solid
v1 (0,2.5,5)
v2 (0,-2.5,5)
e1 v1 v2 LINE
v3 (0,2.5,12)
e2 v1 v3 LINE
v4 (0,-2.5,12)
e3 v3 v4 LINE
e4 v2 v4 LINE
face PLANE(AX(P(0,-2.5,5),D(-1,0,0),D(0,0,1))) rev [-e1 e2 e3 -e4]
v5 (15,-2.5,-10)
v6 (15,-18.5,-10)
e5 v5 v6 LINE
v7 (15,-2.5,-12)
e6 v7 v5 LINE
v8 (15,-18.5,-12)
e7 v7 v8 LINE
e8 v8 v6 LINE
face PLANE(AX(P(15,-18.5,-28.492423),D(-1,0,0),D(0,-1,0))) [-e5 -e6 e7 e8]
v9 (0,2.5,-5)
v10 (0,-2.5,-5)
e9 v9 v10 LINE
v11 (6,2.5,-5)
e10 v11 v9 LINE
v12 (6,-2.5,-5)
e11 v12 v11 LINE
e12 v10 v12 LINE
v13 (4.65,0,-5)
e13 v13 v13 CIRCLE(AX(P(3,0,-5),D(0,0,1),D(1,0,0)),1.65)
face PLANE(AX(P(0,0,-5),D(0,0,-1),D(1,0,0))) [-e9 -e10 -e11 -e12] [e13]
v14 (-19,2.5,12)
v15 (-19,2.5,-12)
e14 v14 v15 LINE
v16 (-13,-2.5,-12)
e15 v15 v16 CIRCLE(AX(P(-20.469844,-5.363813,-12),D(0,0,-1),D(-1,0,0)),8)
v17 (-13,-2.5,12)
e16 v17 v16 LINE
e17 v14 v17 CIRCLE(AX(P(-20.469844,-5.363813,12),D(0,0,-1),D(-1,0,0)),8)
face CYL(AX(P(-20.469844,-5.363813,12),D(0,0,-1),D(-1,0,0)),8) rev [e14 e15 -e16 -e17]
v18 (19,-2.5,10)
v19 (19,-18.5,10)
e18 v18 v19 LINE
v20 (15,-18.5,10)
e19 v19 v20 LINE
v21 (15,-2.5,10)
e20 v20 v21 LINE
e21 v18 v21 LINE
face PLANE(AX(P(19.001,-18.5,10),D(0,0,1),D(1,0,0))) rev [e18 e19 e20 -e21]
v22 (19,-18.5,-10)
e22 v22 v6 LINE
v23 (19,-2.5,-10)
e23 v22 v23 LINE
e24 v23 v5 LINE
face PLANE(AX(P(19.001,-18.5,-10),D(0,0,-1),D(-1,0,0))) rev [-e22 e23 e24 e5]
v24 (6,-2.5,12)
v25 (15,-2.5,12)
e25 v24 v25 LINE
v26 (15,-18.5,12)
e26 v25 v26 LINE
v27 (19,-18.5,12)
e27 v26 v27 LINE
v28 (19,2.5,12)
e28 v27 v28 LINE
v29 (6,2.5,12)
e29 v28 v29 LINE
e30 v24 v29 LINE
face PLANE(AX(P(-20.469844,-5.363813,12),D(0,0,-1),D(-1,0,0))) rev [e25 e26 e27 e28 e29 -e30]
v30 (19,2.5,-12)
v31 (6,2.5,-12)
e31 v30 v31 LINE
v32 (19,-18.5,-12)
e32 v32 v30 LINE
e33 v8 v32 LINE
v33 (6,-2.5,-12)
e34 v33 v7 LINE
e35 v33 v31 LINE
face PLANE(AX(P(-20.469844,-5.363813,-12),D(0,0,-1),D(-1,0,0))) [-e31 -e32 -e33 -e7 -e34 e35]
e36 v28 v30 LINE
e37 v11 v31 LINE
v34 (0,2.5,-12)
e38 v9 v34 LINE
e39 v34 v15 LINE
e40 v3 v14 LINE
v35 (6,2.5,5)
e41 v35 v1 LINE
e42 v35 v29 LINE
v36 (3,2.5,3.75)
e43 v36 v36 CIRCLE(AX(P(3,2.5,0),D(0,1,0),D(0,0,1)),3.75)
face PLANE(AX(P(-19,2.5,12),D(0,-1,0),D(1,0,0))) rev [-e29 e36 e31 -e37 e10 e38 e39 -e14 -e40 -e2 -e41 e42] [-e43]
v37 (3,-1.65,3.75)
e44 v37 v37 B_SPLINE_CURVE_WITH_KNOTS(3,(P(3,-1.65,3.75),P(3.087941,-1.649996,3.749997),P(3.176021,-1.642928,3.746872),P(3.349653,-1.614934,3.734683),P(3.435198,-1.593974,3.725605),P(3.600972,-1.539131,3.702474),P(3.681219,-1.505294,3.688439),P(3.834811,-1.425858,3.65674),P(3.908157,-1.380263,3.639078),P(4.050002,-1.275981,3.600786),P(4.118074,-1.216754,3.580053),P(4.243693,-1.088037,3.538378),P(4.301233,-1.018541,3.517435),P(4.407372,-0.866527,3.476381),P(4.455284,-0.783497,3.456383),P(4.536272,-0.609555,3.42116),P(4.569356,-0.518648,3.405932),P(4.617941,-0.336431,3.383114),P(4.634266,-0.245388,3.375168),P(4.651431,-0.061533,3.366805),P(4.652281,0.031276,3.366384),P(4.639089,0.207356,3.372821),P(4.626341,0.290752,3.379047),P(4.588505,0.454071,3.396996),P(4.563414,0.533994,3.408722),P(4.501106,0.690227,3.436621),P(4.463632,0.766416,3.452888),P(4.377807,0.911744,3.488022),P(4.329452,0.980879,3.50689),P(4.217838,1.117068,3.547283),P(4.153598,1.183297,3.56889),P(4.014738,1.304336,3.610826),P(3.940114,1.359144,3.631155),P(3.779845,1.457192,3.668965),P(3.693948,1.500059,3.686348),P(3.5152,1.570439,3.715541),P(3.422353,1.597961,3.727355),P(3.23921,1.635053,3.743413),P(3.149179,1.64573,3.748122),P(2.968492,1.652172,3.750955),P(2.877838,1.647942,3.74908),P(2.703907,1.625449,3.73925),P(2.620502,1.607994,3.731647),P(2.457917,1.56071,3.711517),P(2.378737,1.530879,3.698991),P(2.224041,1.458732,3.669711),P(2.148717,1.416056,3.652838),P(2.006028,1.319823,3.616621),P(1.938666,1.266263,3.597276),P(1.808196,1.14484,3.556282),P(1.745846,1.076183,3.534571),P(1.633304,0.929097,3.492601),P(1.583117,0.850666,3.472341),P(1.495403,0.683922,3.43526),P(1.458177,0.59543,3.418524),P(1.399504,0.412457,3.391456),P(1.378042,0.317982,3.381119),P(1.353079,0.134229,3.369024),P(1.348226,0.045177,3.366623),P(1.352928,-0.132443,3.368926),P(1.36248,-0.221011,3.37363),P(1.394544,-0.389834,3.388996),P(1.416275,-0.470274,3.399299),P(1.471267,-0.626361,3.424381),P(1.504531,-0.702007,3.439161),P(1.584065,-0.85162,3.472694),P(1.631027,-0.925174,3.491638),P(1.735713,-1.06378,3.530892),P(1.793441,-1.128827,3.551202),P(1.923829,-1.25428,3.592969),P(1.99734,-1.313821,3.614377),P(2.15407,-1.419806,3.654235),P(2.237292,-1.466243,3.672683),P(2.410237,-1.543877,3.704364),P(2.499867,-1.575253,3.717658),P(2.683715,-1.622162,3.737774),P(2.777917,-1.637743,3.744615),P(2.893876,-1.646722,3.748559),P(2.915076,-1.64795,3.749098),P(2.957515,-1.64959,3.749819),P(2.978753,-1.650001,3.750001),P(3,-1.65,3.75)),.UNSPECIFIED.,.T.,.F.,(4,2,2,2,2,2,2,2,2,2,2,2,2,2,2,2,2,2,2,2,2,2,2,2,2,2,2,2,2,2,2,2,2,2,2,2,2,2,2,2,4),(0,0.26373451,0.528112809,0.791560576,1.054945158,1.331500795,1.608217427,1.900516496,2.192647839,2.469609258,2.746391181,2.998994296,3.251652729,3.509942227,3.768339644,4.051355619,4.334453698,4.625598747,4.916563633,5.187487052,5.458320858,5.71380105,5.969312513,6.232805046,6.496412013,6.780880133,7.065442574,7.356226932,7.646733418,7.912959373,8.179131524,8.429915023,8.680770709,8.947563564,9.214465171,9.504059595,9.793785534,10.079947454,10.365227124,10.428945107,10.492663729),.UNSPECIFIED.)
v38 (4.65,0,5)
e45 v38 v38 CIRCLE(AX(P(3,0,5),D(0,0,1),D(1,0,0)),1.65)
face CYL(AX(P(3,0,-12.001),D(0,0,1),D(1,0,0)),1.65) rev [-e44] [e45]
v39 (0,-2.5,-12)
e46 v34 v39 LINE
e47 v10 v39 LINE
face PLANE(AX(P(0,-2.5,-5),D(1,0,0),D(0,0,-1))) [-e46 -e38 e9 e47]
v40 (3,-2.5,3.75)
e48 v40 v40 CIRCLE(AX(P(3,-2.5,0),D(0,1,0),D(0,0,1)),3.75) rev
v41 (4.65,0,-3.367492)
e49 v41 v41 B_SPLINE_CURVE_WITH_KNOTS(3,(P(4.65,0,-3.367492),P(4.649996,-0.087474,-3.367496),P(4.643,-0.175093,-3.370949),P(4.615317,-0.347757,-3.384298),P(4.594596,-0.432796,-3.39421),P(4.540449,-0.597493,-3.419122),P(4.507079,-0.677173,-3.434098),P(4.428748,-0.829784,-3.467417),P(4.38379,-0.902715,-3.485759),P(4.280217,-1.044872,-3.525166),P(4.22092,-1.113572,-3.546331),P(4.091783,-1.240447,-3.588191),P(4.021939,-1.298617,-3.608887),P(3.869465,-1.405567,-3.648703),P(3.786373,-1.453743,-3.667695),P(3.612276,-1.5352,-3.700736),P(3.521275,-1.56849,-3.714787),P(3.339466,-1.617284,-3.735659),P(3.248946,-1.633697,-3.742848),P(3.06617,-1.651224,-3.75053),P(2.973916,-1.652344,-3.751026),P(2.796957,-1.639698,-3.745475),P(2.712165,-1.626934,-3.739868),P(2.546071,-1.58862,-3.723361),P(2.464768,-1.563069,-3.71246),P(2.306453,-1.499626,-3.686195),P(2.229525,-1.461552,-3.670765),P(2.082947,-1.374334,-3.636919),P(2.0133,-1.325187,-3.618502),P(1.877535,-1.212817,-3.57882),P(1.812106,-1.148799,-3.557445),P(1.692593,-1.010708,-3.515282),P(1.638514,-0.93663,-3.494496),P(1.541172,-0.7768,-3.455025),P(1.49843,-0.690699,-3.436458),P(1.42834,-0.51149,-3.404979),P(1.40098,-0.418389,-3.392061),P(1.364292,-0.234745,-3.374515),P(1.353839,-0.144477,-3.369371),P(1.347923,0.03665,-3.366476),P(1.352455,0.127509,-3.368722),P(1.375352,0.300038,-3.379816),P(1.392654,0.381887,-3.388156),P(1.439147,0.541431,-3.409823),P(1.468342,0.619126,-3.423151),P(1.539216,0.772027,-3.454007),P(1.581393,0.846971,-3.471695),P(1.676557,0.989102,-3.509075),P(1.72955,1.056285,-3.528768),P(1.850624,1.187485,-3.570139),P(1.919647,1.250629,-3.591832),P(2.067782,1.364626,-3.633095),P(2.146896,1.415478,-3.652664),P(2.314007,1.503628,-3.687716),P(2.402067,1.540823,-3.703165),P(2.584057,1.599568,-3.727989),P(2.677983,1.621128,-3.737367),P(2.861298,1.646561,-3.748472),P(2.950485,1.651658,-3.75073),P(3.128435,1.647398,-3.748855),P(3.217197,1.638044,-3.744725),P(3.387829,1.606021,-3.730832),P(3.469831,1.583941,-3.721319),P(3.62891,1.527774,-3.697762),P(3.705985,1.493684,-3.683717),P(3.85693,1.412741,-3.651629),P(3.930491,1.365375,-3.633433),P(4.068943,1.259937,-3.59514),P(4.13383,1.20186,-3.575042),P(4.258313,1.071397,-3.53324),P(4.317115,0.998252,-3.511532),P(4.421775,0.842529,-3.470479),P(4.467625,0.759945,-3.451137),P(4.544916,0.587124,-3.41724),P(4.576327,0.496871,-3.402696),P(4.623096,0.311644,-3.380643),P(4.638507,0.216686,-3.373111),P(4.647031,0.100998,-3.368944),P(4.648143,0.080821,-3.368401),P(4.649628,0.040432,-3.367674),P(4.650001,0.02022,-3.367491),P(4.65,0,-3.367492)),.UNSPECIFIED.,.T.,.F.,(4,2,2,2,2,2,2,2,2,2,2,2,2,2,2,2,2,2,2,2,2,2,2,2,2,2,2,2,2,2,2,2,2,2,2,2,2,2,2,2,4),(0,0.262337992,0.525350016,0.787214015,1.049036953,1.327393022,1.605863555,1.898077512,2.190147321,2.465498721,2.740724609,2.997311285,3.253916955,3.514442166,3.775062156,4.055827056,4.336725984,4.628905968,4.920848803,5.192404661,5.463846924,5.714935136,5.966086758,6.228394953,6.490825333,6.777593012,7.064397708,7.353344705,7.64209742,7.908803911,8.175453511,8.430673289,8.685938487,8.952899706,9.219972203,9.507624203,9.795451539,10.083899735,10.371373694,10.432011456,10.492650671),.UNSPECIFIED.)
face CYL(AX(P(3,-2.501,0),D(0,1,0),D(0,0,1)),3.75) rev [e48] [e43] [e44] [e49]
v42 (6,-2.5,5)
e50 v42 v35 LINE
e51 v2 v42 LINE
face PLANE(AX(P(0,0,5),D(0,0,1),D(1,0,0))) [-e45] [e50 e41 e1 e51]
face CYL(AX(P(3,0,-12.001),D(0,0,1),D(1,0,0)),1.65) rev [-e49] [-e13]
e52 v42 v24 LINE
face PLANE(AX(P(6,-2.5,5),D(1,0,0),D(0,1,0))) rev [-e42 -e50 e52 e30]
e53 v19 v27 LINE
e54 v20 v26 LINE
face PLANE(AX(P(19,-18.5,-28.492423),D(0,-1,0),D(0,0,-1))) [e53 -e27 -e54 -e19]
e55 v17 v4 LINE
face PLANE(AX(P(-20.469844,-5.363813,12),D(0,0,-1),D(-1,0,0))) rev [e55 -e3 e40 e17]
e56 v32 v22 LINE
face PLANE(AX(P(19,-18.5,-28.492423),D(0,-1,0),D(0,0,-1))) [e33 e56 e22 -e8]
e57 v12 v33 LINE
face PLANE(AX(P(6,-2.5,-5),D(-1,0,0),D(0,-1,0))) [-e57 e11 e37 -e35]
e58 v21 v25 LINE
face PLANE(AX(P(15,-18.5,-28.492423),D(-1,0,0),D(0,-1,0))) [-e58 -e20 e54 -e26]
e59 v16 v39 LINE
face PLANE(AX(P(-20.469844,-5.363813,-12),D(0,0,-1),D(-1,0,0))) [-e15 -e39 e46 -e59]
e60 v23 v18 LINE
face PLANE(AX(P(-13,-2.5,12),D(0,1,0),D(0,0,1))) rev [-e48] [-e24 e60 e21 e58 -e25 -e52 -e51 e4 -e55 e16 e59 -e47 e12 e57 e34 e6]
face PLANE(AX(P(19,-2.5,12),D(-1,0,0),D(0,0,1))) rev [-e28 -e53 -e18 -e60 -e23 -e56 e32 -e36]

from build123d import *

# Parameters (mm, degrees)
BOSS_EXTRUDE1_DEPTH = 12
CUT_EXTRUDE1_REACH  = 32.712
SKETCH4_R           = 1.65
SKETCH4_3_W         = 6
SKETCH4_3_H         = 5
SKETCH4_3_R         = 1.65
CUT_EXTRUDE3_DEPTH  = 7
CUT_EXTRUDE2_REACH  = 25.022
SKETCH5_R           = 3.75
SKETCH6_W           = 4
SKETCH6_H           = 16
BOSS_EXTRUDE2_DEPTH = 24
CUT_EXTRUDE4_REACH  = 42.525
SKETCH7_W           = 20
SKETCH7_H           = 16


with BuildPart() as part:
    # Sketch3 → Boss-Extrude1 (new, symmetric)
    with BuildSketch(Plane.XY):
        with BuildLine():
            Line((-13, -2.5), (19, -2.5))
            Line((19, -2.5), (19, 2.5))
            Line((19, 2.5), (-19, 2.5))
            ThreePointArc((-19, 2.5), (-15.348369117, 0.781957059), (-13, -2.5))
        make_face()
    extrude(amount=BOSS_EXTRUDE1_DEPTH, both=True)

    # Sketch4 → Cut-Extrude1 (cut, up to next)
    with BuildSketch(Plane.XY.offset(12), mode=Mode.PRIVATE) as cut_extrude1_sk1:
        with Locations((3, 0)):
            Circle(SKETCH4_R)
    cut_extrude1_tool1 = extrude(cut_extrude1_sk1.sketch, amount=-CUT_EXTRUDE1_REACH, mode=Mode.PRIVATE) & part.part
    add(cut_extrude1_tool1.solids().sort_by_distance((3, 0, 12))[0], mode=Mode.SUBTRACT)

    # Sketch4<3> → Cut-Extrude3 (cut)
    with BuildSketch(Plane.XY.offset(12)):
        with Locations((3, 0)):
            Rectangle(SKETCH4_3_W, SKETCH4_3_H)
        with Locations((3, 0)):
            Circle(SKETCH4_3_R, mode=Mode.SUBTRACT)
    cut_extrude3 = extrude(amount=-CUT_EXTRUDE3_DEPTH, mode=Mode.SUBTRACT)

    # Mirror1: Cut-Extrude3 across plane
    add(cut_extrude3.mirror(Plane.XY), mode=Mode.SUBTRACT)

    # Sketch5 → Cut-Extrude2 (cut, up to next)
    with BuildSketch(Plane(origin=(0, 2.5, 0), x_dir=(1, 0, 0), z_dir=(0, 1, 0)), mode=Mode.PRIVATE) as cut_extrude2_sk1:
        with Locations(Location((3, 0, 0), (0, 0, 270))):
            Circle(SKETCH5_R)
    cut_extrude2_tool1 = extrude(cut_extrude2_sk1.sketch, amount=-CUT_EXTRUDE2_REACH, mode=Mode.PRIVATE) & part.part
    add(cut_extrude2_tool1.solids().sort_by_distance((3, 2.5, 0))[0], mode=Mode.SUBTRACT)

    # Sketch6 → Boss-Extrude2 (add)
    with BuildSketch(Plane.XY.offset(12)):
        with Locations((17, -10.5)):
            Rectangle(SKETCH6_W, SKETCH6_H)
    extrude(amount=-BOSS_EXTRUDE2_DEPTH)

    # Sketch7 → Cut-Extrude4 (cut, up to next)
    with BuildSketch(Plane.ZY.offset(-15), mode=Mode.PRIVATE) as cut_extrude4_sk1:
        with Locations((0, -10.5)):
            Rectangle(SKETCH7_W, SKETCH7_H)
    cut_extrude4_tool1 = extrude(cut_extrude4_sk1.sketch, amount=-CUT_EXTRUDE4_REACH, mode=Mode.PRIVATE) & part.part
    add(cut_extrude4_tool1.solids().sort_by_distance((15, -10.5, 0))[0], mode=Mode.SUBTRACT)


solid = part.part
